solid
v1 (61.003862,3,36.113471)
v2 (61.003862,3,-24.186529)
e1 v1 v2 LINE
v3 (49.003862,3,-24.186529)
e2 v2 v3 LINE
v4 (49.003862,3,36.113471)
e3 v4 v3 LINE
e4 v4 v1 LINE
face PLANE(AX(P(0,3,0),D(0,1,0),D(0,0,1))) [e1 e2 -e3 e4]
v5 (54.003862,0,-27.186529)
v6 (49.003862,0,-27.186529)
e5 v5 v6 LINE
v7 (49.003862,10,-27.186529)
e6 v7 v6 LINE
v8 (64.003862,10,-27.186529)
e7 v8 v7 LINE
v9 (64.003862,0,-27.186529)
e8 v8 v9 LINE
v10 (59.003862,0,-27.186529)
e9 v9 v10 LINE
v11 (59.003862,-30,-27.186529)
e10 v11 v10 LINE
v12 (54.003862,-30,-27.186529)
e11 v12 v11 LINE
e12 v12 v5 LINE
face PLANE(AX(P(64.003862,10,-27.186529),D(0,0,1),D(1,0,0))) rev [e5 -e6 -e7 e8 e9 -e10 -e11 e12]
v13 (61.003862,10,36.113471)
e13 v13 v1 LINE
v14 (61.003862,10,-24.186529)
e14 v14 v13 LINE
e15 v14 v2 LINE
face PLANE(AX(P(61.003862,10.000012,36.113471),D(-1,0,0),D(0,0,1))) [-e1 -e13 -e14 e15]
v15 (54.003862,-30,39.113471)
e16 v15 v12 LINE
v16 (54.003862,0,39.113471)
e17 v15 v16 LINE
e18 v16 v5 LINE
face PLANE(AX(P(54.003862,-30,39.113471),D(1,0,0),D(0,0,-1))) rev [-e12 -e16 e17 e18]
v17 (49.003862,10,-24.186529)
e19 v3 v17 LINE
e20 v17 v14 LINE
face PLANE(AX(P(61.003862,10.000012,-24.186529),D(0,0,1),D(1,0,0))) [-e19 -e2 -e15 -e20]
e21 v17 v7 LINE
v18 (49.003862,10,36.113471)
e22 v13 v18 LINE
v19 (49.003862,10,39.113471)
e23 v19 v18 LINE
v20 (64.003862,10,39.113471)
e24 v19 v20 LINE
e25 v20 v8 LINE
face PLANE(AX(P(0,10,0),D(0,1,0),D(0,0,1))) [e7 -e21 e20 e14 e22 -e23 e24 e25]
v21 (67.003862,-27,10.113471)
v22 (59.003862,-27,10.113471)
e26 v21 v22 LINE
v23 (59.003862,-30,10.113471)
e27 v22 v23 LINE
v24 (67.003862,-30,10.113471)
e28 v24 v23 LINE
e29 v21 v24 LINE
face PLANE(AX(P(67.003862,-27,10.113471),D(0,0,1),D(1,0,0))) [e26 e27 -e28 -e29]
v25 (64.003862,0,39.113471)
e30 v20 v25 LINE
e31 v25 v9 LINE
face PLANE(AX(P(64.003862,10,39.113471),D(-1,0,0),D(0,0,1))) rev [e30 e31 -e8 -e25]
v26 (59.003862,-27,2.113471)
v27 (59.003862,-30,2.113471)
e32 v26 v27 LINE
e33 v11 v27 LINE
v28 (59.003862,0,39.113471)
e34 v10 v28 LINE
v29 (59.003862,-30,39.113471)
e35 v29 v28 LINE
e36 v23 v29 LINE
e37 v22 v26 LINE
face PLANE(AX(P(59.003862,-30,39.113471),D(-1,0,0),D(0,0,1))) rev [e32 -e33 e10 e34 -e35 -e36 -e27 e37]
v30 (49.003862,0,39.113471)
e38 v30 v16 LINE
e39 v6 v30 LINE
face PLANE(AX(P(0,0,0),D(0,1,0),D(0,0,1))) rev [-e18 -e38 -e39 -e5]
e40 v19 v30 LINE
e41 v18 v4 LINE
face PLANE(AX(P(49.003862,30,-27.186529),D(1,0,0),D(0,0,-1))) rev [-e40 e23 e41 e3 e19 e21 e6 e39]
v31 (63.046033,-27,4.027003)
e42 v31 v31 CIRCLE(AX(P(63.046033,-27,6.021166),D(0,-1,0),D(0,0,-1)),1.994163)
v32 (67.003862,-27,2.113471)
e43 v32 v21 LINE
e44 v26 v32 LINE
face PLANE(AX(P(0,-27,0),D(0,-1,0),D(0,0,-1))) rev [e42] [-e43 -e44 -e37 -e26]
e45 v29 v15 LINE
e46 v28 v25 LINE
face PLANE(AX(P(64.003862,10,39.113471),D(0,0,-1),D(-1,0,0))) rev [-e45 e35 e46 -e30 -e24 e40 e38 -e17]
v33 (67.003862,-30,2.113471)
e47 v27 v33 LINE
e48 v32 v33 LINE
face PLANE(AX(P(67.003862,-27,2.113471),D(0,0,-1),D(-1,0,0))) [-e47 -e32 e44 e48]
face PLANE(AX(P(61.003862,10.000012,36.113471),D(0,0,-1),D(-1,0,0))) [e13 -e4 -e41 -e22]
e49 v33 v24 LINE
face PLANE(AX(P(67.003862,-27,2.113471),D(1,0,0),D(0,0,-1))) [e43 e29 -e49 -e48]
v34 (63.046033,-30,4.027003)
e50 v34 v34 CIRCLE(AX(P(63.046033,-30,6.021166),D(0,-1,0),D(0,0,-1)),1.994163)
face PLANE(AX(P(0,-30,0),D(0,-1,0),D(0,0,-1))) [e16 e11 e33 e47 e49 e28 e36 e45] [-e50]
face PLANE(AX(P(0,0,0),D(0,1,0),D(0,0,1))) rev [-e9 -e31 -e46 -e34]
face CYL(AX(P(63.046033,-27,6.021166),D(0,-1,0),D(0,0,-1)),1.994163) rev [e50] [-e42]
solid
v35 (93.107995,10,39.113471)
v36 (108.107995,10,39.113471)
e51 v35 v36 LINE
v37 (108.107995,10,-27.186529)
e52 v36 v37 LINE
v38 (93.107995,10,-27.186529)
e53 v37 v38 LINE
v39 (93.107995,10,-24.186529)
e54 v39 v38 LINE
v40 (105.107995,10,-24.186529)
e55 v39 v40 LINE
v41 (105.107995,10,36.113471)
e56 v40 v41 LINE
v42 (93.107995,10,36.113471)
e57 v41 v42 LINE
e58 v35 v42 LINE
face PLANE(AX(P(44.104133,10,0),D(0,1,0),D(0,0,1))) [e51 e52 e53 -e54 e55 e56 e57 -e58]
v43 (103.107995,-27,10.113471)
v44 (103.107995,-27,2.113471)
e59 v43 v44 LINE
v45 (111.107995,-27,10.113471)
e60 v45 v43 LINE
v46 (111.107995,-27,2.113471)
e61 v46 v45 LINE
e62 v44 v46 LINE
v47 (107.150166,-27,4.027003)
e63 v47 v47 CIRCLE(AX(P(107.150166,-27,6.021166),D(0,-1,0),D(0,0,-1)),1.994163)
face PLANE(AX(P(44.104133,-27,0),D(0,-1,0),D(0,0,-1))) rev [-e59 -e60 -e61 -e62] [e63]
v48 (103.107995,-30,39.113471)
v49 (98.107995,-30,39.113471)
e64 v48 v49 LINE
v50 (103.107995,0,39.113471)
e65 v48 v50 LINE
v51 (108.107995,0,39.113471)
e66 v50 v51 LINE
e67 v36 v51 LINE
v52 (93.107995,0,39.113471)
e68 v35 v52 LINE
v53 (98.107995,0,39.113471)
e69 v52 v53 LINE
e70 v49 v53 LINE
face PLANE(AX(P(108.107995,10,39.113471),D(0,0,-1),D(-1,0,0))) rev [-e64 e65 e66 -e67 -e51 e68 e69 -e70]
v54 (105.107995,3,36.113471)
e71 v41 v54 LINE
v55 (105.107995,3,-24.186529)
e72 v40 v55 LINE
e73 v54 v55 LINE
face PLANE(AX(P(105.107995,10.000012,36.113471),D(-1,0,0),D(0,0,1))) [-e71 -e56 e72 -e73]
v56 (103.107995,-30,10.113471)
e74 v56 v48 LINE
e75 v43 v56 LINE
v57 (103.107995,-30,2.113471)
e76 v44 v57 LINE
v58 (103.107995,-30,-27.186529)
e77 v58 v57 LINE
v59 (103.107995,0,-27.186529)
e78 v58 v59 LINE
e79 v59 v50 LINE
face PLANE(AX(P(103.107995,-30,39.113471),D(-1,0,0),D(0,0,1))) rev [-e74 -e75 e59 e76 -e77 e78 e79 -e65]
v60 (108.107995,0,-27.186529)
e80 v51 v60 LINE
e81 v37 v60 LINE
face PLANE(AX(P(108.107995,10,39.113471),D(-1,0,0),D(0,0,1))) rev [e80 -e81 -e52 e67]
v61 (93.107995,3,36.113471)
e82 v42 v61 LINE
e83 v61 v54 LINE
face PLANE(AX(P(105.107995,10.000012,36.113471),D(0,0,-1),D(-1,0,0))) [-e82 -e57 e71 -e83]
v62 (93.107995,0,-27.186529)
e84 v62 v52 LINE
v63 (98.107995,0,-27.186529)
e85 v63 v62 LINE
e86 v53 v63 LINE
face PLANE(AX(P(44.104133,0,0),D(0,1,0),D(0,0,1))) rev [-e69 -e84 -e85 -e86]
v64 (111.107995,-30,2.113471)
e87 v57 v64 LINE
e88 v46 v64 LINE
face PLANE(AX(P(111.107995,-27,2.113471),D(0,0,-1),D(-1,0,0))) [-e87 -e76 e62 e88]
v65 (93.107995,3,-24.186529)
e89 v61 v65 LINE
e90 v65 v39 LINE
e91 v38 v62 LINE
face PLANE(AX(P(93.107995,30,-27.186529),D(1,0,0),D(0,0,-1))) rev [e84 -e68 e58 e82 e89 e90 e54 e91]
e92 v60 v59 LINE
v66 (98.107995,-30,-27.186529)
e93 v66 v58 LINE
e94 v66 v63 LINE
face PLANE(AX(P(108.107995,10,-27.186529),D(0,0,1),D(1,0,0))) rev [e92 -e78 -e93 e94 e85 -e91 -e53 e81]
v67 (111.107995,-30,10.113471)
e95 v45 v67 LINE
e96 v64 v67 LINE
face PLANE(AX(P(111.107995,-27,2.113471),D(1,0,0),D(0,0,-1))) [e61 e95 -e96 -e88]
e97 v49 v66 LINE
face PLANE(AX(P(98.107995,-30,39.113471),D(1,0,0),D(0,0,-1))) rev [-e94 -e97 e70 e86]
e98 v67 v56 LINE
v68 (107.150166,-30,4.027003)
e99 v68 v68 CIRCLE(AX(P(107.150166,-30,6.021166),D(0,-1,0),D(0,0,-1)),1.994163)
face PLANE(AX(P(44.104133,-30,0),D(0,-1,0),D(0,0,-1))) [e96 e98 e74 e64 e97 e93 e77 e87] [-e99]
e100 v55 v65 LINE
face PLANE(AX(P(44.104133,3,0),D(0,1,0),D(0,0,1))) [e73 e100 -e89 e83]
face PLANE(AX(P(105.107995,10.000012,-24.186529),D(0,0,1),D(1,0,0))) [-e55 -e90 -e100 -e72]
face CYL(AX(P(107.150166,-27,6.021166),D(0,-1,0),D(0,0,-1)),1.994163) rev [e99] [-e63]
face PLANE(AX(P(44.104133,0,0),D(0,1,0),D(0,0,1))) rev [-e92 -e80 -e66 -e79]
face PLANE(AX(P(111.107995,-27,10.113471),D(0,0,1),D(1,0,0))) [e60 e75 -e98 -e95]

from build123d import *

# Parameters (mm, degrees)
SKETCH1_W               = 177
SKETCH1_H               = 66.3
BOSS_EXTRUDE1_DEPTH     = 10
CUT_EXTRUDE1_DEPTH      = 120.991628317
CUT_EXTRUDE1_DEPTH_BACK = 7
SKETCH2_W               = 171
SKETCH2_H               = 60.3
SKETCH3_W               = 5
SKETCH3_H               = 66.3
BOSS_EXTRUDE2_DEPTH     = 30
SKETCH4_W               = 147
SKETCH4_H               = 66.3
CUT_EXTRUDE2_DEPTH      = 30
SKETCH5_W               = 8
SKETCH5_H               = 8
SKETCH5_R               = 1.899919422
SKETCH5_R_2             = 1.99416254
BOSS_EXTRUDE3_DEPTH     = 3
SKETCH6_W               = 53.200668984
SKETCH6_H               = 118.475248661
CUT_EXTRUDE3_DEPTH      = 137.93353889


with BuildPart() as part:
    # Sketch1 → Boss-Extrude1 (new body)
    with BuildSketch(Plane(origin=(0, 0, 0), x_dir=(1, 0, 0), z_dir=(0, 1, 0))):
        with Locations((-24.496138181, -5.963471112)):
            Rectangle(SKETCH1_W, SKETCH1_H)
    extrude(amount=BOSS_EXTRUDE1_DEPTH)

    # Sketch2 → Cut-Extrude1 (cut, two sides: drawn at the far end of the back side and taken through both)
    with BuildSketch(Plane(origin=(0, 10, 0), x_dir=(1, 0, 0), z_dir=(0, 1, 0)).offset(-CUT_EXTRUDE1_DEPTH_BACK)):
        with Locations((-24.496138181, -5.963471112)):
            Rectangle(SKETCH2_W, SKETCH2_H)
    extrude(amount=CUT_EXTRUDE1_DEPTH + CUT_EXTRUDE1_DEPTH_BACK, mode=Mode.SUBTRACT)

    # Sketch3 → Boss-Extrude2 (add)
    with BuildSketch(Plane.XZ):
        with Locations((-105.496138181, 5.963471112)):
            Rectangle(SKETCH3_W, SKETCH3_H)
        with Locations((56.503861819, 5.963471112)):
            Rectangle(SKETCH3_W, SKETCH3_H)
    extrude(amount=BOSS_EXTRUDE2_DEPTH)

    # Sketch4 → Cut-Extrude2 (cut)
    with BuildSketch(Plane.XZ):
        with Locations((-24.496138181, 5.963471112)):
            Rectangle(SKETCH4_W, SKETCH4_H)
    extrude(amount=-CUT_EXTRUDE2_DEPTH, mode=Mode.SUBTRACT)


with BuildPart() as cut_extrude2_piece_1:
    # of the separate pieces the step leaves, piece 1, a body of its own (cut_extrude2_pieces)
    add(part.part.solids().sort_by_distance((-97.996138181, 0, 39.113471112))[0])



with BuildPart() as cut_extrude2_piece_2:
    # of the separate pieces the step leaves, piece 2, a body of its own (cut_extrude2_pieces)
    add(part.part.solids().sort_by_distance((64.003861819, 0, 39.113471112))[0])


with BuildPart() as cut_extrude2_piece_1_1:
    add(cut_extrude2_piece_1.part)

    add(cut_extrude2_piece_2.part)  # Boss-Extrude3 merges Cut-Extrude2 piece 2
    # Sketch5 → Boss-Extrude3 (add)
    # profile 1 of 2: a face of its own
    with BuildSketch(Plane.XZ.offset(30)):
        with Locations((-111.996138181, 6.113471112)):
            Rectangle(SKETCH5_W, SKETCH5_H)
        with Locations(Location((-111.976969615, 5.996435965, 0), (0, 0, 270))):
            Circle(SKETCH5_R, mode=Mode.SUBTRACT)
    # profile 2 of 2: a face of its own
    with BuildSketch(Plane.XZ.offset(30)):
        with Locations((63.003861819, 6.113471112)):
            Rectangle(SKETCH5_W, SKETCH5_H)
        with Locations(Location((63.046032676, 6.021165831, 0), (0, 0, 270))):
            Circle(SKETCH5_R_2, mode=Mode.SUBTRACT)
    extrude(amount=-BOSS_EXTRUDE3_DEPTH)

    # Sketch6 → Cut-Extrude3 (cut, through all)
    with BuildSketch(Plane(origin=(0, 0, -27.186528888), x_dir=(-1, 0, 0), z_dir=(0, 0, -1))):
        with Locations((95.157985418, 15.958745635)):
            Rectangle(SKETCH6_W, SKETCH6_H)
    extrude(amount=-CUT_EXTRUDE3_DEPTH, mode=Mode.SUBTRACT)


with BuildPart() as body_2:
    # Body-Move/Copy1: copy of Cut-Extrude2 piece 1
    add(cut_extrude2_piece_1_1.part.moved(Location((44.104133086, 0, 0))))


solid = Compound([cut_extrude2_piece_1_1.part, body_2.part])
